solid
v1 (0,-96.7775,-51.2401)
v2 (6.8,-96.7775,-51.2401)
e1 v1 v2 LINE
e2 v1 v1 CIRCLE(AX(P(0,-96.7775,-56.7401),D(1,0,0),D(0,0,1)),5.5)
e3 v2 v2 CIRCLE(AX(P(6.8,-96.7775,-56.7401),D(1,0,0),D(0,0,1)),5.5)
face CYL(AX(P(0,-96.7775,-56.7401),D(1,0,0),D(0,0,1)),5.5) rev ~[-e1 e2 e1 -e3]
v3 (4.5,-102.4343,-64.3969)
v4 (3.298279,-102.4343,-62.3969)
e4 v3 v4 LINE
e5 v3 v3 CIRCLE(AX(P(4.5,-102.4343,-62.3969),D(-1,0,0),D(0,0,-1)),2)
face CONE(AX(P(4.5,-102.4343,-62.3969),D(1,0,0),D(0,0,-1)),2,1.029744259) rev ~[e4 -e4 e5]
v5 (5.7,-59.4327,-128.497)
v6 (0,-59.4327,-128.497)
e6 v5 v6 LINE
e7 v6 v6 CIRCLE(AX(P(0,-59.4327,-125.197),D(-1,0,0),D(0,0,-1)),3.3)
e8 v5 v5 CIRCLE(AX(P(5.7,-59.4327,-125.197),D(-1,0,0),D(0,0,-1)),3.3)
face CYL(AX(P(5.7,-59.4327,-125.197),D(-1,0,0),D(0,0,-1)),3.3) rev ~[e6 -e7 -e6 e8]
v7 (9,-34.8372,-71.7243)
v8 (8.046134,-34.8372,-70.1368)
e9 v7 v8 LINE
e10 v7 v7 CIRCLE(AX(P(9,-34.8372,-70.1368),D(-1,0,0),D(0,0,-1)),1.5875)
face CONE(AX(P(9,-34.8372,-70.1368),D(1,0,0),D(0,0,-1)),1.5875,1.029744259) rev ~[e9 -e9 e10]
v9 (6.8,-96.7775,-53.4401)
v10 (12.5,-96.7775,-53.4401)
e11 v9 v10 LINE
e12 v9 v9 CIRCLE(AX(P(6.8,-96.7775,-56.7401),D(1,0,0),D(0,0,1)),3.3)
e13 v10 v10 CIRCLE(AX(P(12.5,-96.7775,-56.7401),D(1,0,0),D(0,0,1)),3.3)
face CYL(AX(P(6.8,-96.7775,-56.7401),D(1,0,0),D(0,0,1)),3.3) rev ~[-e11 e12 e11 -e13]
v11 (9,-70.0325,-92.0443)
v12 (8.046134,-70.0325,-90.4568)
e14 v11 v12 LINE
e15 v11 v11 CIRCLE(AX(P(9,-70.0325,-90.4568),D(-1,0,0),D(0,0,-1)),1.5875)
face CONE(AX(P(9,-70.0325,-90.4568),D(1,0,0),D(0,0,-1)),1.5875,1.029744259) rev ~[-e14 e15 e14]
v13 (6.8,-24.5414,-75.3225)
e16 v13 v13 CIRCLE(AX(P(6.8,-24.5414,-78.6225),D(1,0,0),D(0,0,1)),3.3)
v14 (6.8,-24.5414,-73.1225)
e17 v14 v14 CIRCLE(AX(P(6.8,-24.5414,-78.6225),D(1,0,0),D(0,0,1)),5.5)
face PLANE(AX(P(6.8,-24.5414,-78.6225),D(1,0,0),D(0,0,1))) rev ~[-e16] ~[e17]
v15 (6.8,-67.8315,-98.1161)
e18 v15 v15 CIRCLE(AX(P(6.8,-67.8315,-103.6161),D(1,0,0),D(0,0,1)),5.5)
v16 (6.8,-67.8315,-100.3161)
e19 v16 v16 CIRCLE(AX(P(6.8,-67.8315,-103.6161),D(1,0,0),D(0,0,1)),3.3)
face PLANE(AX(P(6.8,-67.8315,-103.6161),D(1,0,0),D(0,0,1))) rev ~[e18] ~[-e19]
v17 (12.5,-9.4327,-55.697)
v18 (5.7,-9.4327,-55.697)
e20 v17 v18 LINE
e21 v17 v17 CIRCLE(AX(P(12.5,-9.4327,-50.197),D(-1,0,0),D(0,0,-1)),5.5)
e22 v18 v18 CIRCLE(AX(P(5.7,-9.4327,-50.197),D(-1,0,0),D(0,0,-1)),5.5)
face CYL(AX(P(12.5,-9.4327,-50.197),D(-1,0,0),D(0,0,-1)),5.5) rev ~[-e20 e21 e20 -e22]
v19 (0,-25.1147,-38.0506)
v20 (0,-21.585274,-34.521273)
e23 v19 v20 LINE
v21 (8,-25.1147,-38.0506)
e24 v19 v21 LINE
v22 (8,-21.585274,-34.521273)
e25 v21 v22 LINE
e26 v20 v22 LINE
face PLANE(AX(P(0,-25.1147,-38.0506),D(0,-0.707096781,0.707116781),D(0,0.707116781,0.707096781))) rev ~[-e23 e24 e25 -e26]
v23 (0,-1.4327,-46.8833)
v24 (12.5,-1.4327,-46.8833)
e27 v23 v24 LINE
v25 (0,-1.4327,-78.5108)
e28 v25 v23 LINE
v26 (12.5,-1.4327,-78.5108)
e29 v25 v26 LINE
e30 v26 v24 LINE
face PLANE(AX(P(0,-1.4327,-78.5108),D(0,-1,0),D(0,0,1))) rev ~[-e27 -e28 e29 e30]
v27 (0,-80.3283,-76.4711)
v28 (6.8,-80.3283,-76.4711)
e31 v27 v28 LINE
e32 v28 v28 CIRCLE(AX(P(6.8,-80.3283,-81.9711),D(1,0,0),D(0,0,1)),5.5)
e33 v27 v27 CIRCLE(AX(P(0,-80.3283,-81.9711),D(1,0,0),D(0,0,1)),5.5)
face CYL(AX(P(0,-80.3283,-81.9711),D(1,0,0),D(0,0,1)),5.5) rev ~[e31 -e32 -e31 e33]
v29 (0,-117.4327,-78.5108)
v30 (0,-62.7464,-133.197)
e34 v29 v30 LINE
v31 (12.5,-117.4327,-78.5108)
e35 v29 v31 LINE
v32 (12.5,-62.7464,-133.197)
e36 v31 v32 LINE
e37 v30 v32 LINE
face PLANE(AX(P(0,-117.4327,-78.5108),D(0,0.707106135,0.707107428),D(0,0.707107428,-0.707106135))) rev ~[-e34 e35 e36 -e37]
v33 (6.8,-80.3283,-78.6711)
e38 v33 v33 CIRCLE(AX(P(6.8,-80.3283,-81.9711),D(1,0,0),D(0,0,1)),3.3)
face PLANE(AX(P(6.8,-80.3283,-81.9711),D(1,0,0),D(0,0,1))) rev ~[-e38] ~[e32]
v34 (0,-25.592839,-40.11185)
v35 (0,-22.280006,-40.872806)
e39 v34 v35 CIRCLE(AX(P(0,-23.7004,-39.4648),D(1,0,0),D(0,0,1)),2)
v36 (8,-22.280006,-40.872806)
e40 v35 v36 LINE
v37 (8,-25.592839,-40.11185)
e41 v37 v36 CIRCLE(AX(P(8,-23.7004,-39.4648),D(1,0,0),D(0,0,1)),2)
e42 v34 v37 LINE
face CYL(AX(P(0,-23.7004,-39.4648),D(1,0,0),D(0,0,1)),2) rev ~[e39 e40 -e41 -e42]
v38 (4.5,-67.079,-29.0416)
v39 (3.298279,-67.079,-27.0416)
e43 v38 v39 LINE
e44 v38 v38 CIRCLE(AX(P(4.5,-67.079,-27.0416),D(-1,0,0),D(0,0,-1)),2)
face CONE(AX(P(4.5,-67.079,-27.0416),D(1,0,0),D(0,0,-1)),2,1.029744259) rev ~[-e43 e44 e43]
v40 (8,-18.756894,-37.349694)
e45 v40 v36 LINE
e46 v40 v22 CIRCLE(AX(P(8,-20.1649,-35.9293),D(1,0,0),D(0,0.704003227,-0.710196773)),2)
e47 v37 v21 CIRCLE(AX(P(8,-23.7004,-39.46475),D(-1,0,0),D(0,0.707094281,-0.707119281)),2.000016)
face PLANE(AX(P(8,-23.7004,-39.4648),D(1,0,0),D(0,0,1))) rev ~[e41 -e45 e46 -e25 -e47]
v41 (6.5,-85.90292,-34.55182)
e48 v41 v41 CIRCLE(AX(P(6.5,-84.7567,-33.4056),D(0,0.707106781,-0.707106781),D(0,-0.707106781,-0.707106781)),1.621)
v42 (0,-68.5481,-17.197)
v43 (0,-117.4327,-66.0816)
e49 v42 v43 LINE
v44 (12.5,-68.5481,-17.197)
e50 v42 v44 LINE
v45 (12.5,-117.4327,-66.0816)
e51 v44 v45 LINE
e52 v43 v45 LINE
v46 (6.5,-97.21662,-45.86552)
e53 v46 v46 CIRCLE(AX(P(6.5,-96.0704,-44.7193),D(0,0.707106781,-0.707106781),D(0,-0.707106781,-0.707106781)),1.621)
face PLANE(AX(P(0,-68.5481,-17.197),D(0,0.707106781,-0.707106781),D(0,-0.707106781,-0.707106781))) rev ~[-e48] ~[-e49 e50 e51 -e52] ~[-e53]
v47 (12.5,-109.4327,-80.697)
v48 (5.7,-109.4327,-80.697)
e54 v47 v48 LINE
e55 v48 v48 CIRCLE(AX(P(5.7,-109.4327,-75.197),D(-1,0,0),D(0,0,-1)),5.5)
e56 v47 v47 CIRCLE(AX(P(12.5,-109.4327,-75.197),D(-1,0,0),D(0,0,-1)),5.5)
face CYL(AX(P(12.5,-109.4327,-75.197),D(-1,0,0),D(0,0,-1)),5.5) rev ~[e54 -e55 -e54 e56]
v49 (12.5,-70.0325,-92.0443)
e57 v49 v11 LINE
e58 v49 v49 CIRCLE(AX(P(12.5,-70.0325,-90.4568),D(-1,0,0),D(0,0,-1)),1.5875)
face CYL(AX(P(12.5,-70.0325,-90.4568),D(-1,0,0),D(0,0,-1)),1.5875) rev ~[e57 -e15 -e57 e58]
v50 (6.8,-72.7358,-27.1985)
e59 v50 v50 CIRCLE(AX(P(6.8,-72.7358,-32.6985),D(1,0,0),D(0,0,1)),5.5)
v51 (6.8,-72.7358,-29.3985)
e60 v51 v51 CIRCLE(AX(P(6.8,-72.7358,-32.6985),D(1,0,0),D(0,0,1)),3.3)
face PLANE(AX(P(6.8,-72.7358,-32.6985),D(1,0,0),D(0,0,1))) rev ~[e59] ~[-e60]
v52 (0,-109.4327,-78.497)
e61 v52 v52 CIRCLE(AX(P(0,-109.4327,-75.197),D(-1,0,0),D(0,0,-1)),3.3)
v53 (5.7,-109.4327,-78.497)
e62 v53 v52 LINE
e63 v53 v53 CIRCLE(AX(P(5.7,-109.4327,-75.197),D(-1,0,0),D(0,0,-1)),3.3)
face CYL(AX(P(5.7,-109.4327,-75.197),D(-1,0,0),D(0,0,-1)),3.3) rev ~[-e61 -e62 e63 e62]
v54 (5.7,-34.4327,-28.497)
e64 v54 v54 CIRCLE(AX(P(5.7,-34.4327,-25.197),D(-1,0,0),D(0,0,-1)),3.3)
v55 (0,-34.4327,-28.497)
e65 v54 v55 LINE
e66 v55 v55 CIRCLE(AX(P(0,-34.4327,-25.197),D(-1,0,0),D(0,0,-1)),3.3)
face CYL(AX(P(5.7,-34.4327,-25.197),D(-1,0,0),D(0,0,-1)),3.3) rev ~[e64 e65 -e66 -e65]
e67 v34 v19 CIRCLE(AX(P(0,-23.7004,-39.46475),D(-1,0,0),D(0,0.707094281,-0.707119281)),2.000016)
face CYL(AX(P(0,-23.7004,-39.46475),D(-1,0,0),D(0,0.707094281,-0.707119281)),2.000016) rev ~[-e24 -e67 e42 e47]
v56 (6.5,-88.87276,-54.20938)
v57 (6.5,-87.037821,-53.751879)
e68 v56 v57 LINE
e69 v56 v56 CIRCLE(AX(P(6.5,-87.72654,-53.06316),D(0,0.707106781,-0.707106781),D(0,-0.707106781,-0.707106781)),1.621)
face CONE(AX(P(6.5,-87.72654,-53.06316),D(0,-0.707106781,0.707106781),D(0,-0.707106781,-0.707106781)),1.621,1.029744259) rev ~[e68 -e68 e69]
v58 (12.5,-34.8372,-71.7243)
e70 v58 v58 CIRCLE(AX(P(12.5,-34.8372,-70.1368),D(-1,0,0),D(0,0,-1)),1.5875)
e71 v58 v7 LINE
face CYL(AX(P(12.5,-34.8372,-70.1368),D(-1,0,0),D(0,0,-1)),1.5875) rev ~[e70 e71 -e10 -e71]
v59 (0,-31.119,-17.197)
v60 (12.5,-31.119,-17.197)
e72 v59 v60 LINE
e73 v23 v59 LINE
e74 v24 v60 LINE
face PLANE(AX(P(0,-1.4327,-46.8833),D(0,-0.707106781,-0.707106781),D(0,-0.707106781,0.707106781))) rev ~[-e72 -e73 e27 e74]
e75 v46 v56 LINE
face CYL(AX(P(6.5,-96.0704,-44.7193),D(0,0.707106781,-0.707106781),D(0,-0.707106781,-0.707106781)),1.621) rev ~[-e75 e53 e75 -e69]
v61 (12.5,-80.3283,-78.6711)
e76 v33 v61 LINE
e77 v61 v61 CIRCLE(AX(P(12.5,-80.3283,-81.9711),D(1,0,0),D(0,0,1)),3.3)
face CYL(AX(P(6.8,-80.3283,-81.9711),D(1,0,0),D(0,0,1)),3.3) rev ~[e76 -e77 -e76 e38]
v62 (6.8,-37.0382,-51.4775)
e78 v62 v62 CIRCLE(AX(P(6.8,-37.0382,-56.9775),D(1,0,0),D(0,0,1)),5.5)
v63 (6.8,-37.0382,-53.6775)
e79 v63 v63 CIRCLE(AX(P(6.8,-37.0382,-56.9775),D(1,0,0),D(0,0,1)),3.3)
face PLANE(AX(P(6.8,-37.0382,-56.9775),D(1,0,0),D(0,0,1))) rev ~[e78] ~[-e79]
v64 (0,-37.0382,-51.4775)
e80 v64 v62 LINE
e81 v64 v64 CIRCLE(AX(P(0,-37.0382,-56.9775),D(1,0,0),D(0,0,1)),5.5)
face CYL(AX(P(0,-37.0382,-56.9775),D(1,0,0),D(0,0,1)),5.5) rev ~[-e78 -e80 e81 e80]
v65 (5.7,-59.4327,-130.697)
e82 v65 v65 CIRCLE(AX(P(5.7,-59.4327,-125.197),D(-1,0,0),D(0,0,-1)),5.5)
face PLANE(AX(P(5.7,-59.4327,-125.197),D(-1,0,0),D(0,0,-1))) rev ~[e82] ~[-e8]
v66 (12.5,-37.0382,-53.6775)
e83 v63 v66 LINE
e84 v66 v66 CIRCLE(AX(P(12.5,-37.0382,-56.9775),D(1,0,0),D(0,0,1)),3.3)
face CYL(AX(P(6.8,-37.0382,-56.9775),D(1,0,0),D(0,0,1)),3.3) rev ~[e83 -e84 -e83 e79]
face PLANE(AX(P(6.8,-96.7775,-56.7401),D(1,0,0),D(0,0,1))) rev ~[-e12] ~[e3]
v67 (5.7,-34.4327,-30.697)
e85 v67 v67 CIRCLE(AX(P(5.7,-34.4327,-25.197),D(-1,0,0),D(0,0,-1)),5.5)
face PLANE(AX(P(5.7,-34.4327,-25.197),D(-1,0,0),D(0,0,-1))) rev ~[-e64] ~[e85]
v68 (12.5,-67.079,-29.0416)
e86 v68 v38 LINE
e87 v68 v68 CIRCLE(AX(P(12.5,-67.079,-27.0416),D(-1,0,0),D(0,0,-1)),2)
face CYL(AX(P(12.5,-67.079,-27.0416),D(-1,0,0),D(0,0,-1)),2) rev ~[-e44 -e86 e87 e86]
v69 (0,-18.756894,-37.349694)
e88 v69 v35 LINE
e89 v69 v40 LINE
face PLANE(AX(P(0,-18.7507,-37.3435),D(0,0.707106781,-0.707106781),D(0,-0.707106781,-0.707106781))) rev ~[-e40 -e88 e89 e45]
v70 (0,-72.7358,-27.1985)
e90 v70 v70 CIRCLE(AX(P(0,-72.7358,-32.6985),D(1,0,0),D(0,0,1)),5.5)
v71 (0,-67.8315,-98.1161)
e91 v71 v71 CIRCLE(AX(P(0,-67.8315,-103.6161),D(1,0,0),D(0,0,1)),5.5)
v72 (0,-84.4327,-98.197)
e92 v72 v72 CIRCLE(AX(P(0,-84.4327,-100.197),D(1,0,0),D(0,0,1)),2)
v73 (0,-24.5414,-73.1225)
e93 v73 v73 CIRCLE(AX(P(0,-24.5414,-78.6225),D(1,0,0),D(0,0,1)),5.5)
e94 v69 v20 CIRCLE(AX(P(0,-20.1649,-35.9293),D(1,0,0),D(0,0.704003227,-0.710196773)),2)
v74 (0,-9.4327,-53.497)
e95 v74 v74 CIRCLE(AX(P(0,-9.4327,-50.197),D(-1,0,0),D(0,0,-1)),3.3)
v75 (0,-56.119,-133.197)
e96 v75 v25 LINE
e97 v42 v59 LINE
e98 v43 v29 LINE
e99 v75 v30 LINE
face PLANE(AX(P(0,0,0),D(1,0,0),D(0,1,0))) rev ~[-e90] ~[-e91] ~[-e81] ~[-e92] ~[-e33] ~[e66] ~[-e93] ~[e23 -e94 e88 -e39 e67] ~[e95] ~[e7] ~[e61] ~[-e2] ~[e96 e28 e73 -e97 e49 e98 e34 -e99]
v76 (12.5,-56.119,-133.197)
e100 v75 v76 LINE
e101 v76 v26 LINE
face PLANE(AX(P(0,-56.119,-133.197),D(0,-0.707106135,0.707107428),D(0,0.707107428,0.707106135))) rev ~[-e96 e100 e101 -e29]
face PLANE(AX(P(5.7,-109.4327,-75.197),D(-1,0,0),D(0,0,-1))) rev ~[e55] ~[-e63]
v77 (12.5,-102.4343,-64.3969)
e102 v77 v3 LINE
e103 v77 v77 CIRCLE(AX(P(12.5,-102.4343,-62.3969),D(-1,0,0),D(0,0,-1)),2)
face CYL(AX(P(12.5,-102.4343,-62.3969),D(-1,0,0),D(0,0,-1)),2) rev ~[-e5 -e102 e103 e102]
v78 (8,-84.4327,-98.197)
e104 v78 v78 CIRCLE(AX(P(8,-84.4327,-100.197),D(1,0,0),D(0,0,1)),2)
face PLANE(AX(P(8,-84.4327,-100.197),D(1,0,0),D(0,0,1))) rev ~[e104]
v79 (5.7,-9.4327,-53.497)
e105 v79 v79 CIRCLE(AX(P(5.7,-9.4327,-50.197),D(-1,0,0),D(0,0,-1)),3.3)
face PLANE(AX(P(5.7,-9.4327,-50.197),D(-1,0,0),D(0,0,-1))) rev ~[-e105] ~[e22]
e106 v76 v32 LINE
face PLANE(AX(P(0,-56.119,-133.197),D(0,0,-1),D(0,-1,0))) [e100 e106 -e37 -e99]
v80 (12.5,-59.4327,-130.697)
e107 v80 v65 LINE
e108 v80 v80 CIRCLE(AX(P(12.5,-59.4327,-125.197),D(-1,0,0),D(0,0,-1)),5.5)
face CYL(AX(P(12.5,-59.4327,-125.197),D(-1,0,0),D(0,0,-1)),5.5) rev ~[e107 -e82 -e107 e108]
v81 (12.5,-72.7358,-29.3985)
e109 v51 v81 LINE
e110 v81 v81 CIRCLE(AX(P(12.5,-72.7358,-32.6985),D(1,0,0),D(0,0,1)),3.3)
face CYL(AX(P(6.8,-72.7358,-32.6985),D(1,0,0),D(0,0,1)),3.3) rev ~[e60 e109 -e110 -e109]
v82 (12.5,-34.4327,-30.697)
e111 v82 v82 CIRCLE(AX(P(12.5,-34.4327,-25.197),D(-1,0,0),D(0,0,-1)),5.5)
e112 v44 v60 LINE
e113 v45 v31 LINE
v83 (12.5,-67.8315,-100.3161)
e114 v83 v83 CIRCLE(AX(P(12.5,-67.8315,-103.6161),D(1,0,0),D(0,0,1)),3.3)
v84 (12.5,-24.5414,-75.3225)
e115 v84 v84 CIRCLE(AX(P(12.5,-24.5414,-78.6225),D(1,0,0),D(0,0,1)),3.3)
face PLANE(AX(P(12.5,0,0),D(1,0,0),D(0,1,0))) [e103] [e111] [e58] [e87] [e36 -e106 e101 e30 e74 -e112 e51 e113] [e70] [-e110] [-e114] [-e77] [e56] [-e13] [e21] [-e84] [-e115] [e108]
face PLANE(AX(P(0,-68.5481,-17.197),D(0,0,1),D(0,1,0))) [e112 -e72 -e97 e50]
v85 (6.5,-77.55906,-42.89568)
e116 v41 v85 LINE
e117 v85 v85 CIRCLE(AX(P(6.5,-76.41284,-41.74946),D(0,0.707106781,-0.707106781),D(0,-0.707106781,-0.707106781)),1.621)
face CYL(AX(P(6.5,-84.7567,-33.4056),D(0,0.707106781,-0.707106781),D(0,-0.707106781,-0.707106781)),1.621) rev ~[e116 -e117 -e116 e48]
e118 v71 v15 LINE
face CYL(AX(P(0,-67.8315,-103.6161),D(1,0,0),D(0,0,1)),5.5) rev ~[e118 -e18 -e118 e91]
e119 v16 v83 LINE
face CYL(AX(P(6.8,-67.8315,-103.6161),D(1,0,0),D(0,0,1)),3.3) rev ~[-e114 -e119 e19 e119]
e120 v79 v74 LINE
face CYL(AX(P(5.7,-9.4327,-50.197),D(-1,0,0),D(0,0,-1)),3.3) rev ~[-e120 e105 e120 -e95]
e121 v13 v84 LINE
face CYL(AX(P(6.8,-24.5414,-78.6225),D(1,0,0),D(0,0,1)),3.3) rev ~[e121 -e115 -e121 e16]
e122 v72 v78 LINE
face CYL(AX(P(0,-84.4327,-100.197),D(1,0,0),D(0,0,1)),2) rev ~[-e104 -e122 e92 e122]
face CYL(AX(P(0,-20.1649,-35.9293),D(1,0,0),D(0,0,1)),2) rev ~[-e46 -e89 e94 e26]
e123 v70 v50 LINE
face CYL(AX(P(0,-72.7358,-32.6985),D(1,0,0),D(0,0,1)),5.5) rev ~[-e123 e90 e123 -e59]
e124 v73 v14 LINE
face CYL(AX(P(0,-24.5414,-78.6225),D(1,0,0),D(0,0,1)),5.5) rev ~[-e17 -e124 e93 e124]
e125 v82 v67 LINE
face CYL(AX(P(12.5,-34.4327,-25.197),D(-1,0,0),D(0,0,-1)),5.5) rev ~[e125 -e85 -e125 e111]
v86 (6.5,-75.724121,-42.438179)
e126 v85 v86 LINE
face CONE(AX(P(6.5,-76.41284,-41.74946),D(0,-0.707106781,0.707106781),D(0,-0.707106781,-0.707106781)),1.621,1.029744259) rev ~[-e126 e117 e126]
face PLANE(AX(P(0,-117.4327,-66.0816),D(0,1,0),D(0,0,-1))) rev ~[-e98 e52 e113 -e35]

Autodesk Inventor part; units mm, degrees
ref_plane "YZ Plane" through (0, 0, 0) normal (1, 0, 0) x (0, 1, 0)
ref_plane "XZ Plane" through (0, 0, 0) normal (0, 1, 0) x (-1, 0, 0)
ref_plane "XY Plane" through (0, 0, 0) normal (0, 0, 1) x (1, 0, 0)
sketch "Sketch4" plane through (0, 0, 0) normal (1, 0, 0) x (0, 1, 0)
  line L0 (-56.119, -133.197) -> (-1.4327, -78.5108)
  line L1 (-68.5481, -17.197) -> (-117.4327, -66.0816)
  line L2 (-117.4327, -66.0816) -> (-117.4327, -78.5108)
  line L3 (-72.7358, -32.6985) -> (-96.7775, -56.7401) construction
  line L4 (-68.5481, -17.197) -> (-31.119, -17.197)
  line L5 (-1.4327, -78.5108) -> (-1.4327, -46.8833)
  line L6 (-1.4327, -46.8833) -> (-31.119, -17.197)
  line L7 (-56.119, -133.197) -> (-62.7464, -133.197)
  line L8 (-117.4327, -78.5108) -> (-62.7464, -133.197)
  circle A0 centre (-72.7358, -32.6985) radius 2.4585 projected
  circle A1 centre (-96.7775, -56.7401) radius 2.4585 projected
  point P0 (0, 0)
  point P1 (-59.4327, -125.197)
  point P2 (-34.4327, -25.197)
  point P3 (-9.4327, -50.197)
  point P4 (-109.4327, -75.197)
  dimension "d6" = 8
  dimension "d8" = 135
  dimension "d10" = 135
  dimension "d11" = 135
  dimension "d13" = 8
  dimension "d14" = 8
  dimension "d15" = 8
  dimension "d18" = 8
  dimension "d19" = 8
  dimension "d105" = 135
  dimension "d106" = 8
  dimension "d107" = 8
extrude "Extrusion2" add sketch "Sketch4" along normal blind 12.5 contours L7 L8 L2 L1 L4 L6 L5 L0 | A0 | A1
sketch "Sketch9" plane through (0, 0, 0) normal (-1, 0, 0) x (0, 0, 1)
  circle A0 centre (-78.6225, -24.5414) radius 2.5 projected
  circle A1 centre (-56.9775, -37.0382) radius 2.5 projected
  circle A2 centre (-103.6161, -67.8315) radius 2.5 projected
  circle A3 centre (-81.9711, -80.3283) radius 2.5 projected
  circle A4 centre (-32.6985, -72.7358) radius 2.4585 projected
  circle A5 centre (-56.7401, -96.7775) radius 2.4585 projected
hole "M6ClearanceToPayload" at (0, -24.5414, -78.6225) at (0, -37.0382, -56.9775) at (0, -80.3283, -81.9711) at (0, -67.8315, -103.6161) at (0, -96.7775, -56.7401) at (0, -72.7358, -32.6985) direction (1, 0, 0) diameter 6.6 end through all counterbore diameter 11 counterbore depth 6.8 clearance for "Socket Head Cap Screw ISO 4762" size "M6" standard "ISO"
sketch "Sketch11" plane through (12.5, 0, 0) normal (1, 0, 0) x (0, 0, -1)
  circle A0 centre (70.1368, -34.8372) radius 1.6002 projected
  circle A1 centre (90.4568, -70.0325) radius 1.6002 projected
hole "1/8\" dowel holes" at (12.5, -34.8372, -70.1368) at (12.5, -70.0325, -90.4568) direction (-1, 0, 0) diameter 3.175 depth 3.5 tip angle 118
sketch "Sketch12" plane through (12.5, 0, 0) normal (1, 0, 0) x (0, 0, -1)
  line L0 (63.8112, -101.0201) -> (60.9827, -103.8485)
  circle A0 centre (27.0416, -67.079) radius 2 projected
  line L1 (61.6898, -104.5556) -> (60.2756, -103.1414) projected
  line L2 (63.104, -100.313) -> (64.5183, -101.7272) projected
  point P0 (27.0416, -67.079)
  point P1 (62.3969, -102.4343)
  point P2 (27.0416, -67.079)
hole "4P6 dowel holes" at (12.5, -67.079, -27.0416) at (12.5, -102.4343, -62.3969) direction (-1, 0, 0) diameter 4 depth 8 tip angle 118
sketch "Sketch8" plane through (12.5, 0, 0) normal (1, 0, 0) x (0, 0, -1)
  point P0 (25.197, -34.4327)
  point P1 (50.197, -9.4327)
  point P2 (125.197, -59.4327)
  point P3 (75.197, -109.4327)
hole "M6ClearanceToSubstrate" at (12.5, -34.4327, -25.197) at (12.5, -9.4327, -50.197) at (12.5, -59.4327, -125.197) at (12.5, -109.4327, -75.197) direction (-1, 0, 0) diameter 6.6 end through all counterbore diameter 11 counterbore depth 6.8 clearance for "Socket Head Cap Screw ISO 4762" size "M6" standard "ISO"
sketch "Sketch13" plane through (0, 0, 0) normal (-1, 0, 0) x (0, 0, 1)
  circle A0 centre (-50.197, -9.4327) radius 3.3 projected
  circle A1 centre (-25.197, -34.4327) radius 3.3 projected
  line L0 (-50.197, -9.4327) -> (-25.197, -34.4327) construction
  circle A2 centre (-125.197, -59.4327) radius 3.3 projected
  circle A3 centre (-75.197, -109.4327) radius 3.3 projected
  line L1 (-125.197, -59.4327) -> (-75.197, -109.4327) construction
  line L2 (-37.697, -21.9327) -> (-100.197, -84.4327)
  line L3 (-35.9293, -20.1649) -> (-39.4648, -23.7004) construction
  line L4 (-37.3435, -18.7507) -> (-40.879, -22.2862)
  line L5 (-38.0506, -25.1147) -> (-34.5151, -21.5791)
  arc A4 (-34.5151, -21.5791) -> (-37.3435, -18.7507) centre (-35.9293, -20.1649) ccw
  arc A5 (-40.879, -22.2862) -> (-38.0506, -25.1147) centre (-39.4648, -23.7004) ccw
  dimension "d78" = 2.5
  dimension "d79" = 4
hole "4H7 location holes" at (0, -20.1649, -35.9293) at (0, -23.7004, -39.4648) at (0, -84.4327, -100.197) direction (1, 0, 0) diameter 4 depth 8
extrude "Extrusion3" cut sketch "Sketch13" against normal blind 8 contours A4 L5 A5 L4
sketch "Sketch16" plane through (0, -117.4327, -66.0816) normal (0, -0.7071, 0.7071) x (1, 0, 0)
  line L0 (0, 21.2109) -> (12.5, 21.2109) construction
  line L1 (0, 55.2109) -> (11.8351, 55.2109) construction
  line L2 (6.5, 21.2109) -> (6.5, 55.2109) construction
  line L3 (12.5, 69.1332) -> (12.5, 0) construction
  line L4 (1.6198, 38.2109) -> (11.3802, 38.2109)
  line L5 (6.8, 49.7109) -> (6.8, 60.7109) projected
  line L6 (6.8, 15.7109) -> (6.8, 26.7109) projected
  line L7 (0, 49.7109) -> (0, 60.7109) projected
  line L8 (0, 15.7109) -> (0, 26.7109) projected
  point P0 (6.5, 38.2109)
  point P1 (6.5, 30.2109)
  point P2 (6.5, 46.2109)
  point P3 (6.8, 21.2109)
  dimension "d96" = 6
  dimension "d97" = 16
hole "Hole11" at (6.5, -96.0704, -44.7193) at (6.5, -84.7567, -33.4056) direction (0, 0.7071, -0.7071) diameter 3.242 depth 11.8 tip angle 118 thread size "M4x0.7" class "6H" standard "ISO Metric profile"
equation "\"d6\" = border"
equation "\"d10\" = d8"
equation "\"d11\" = d8"
equation "\"d13\" = d15"
equation "\"d14\" = d15"
equation "\"d15\" = border"
equation "\"d18\" = d15"
equation "\"d19\" = d15"
equation "\"d105\" = d10"
equation "\"d106\" = d18"
equation "\"d107\" = d18"
equation "\"d64\" = thorlabsPinDiameter"
equation "\"border\" = 8"
equation "\"thorlabsPinDiameter\" = 3.175"
properties part number "FAB-OX0003" material "Aluminum 6061"
